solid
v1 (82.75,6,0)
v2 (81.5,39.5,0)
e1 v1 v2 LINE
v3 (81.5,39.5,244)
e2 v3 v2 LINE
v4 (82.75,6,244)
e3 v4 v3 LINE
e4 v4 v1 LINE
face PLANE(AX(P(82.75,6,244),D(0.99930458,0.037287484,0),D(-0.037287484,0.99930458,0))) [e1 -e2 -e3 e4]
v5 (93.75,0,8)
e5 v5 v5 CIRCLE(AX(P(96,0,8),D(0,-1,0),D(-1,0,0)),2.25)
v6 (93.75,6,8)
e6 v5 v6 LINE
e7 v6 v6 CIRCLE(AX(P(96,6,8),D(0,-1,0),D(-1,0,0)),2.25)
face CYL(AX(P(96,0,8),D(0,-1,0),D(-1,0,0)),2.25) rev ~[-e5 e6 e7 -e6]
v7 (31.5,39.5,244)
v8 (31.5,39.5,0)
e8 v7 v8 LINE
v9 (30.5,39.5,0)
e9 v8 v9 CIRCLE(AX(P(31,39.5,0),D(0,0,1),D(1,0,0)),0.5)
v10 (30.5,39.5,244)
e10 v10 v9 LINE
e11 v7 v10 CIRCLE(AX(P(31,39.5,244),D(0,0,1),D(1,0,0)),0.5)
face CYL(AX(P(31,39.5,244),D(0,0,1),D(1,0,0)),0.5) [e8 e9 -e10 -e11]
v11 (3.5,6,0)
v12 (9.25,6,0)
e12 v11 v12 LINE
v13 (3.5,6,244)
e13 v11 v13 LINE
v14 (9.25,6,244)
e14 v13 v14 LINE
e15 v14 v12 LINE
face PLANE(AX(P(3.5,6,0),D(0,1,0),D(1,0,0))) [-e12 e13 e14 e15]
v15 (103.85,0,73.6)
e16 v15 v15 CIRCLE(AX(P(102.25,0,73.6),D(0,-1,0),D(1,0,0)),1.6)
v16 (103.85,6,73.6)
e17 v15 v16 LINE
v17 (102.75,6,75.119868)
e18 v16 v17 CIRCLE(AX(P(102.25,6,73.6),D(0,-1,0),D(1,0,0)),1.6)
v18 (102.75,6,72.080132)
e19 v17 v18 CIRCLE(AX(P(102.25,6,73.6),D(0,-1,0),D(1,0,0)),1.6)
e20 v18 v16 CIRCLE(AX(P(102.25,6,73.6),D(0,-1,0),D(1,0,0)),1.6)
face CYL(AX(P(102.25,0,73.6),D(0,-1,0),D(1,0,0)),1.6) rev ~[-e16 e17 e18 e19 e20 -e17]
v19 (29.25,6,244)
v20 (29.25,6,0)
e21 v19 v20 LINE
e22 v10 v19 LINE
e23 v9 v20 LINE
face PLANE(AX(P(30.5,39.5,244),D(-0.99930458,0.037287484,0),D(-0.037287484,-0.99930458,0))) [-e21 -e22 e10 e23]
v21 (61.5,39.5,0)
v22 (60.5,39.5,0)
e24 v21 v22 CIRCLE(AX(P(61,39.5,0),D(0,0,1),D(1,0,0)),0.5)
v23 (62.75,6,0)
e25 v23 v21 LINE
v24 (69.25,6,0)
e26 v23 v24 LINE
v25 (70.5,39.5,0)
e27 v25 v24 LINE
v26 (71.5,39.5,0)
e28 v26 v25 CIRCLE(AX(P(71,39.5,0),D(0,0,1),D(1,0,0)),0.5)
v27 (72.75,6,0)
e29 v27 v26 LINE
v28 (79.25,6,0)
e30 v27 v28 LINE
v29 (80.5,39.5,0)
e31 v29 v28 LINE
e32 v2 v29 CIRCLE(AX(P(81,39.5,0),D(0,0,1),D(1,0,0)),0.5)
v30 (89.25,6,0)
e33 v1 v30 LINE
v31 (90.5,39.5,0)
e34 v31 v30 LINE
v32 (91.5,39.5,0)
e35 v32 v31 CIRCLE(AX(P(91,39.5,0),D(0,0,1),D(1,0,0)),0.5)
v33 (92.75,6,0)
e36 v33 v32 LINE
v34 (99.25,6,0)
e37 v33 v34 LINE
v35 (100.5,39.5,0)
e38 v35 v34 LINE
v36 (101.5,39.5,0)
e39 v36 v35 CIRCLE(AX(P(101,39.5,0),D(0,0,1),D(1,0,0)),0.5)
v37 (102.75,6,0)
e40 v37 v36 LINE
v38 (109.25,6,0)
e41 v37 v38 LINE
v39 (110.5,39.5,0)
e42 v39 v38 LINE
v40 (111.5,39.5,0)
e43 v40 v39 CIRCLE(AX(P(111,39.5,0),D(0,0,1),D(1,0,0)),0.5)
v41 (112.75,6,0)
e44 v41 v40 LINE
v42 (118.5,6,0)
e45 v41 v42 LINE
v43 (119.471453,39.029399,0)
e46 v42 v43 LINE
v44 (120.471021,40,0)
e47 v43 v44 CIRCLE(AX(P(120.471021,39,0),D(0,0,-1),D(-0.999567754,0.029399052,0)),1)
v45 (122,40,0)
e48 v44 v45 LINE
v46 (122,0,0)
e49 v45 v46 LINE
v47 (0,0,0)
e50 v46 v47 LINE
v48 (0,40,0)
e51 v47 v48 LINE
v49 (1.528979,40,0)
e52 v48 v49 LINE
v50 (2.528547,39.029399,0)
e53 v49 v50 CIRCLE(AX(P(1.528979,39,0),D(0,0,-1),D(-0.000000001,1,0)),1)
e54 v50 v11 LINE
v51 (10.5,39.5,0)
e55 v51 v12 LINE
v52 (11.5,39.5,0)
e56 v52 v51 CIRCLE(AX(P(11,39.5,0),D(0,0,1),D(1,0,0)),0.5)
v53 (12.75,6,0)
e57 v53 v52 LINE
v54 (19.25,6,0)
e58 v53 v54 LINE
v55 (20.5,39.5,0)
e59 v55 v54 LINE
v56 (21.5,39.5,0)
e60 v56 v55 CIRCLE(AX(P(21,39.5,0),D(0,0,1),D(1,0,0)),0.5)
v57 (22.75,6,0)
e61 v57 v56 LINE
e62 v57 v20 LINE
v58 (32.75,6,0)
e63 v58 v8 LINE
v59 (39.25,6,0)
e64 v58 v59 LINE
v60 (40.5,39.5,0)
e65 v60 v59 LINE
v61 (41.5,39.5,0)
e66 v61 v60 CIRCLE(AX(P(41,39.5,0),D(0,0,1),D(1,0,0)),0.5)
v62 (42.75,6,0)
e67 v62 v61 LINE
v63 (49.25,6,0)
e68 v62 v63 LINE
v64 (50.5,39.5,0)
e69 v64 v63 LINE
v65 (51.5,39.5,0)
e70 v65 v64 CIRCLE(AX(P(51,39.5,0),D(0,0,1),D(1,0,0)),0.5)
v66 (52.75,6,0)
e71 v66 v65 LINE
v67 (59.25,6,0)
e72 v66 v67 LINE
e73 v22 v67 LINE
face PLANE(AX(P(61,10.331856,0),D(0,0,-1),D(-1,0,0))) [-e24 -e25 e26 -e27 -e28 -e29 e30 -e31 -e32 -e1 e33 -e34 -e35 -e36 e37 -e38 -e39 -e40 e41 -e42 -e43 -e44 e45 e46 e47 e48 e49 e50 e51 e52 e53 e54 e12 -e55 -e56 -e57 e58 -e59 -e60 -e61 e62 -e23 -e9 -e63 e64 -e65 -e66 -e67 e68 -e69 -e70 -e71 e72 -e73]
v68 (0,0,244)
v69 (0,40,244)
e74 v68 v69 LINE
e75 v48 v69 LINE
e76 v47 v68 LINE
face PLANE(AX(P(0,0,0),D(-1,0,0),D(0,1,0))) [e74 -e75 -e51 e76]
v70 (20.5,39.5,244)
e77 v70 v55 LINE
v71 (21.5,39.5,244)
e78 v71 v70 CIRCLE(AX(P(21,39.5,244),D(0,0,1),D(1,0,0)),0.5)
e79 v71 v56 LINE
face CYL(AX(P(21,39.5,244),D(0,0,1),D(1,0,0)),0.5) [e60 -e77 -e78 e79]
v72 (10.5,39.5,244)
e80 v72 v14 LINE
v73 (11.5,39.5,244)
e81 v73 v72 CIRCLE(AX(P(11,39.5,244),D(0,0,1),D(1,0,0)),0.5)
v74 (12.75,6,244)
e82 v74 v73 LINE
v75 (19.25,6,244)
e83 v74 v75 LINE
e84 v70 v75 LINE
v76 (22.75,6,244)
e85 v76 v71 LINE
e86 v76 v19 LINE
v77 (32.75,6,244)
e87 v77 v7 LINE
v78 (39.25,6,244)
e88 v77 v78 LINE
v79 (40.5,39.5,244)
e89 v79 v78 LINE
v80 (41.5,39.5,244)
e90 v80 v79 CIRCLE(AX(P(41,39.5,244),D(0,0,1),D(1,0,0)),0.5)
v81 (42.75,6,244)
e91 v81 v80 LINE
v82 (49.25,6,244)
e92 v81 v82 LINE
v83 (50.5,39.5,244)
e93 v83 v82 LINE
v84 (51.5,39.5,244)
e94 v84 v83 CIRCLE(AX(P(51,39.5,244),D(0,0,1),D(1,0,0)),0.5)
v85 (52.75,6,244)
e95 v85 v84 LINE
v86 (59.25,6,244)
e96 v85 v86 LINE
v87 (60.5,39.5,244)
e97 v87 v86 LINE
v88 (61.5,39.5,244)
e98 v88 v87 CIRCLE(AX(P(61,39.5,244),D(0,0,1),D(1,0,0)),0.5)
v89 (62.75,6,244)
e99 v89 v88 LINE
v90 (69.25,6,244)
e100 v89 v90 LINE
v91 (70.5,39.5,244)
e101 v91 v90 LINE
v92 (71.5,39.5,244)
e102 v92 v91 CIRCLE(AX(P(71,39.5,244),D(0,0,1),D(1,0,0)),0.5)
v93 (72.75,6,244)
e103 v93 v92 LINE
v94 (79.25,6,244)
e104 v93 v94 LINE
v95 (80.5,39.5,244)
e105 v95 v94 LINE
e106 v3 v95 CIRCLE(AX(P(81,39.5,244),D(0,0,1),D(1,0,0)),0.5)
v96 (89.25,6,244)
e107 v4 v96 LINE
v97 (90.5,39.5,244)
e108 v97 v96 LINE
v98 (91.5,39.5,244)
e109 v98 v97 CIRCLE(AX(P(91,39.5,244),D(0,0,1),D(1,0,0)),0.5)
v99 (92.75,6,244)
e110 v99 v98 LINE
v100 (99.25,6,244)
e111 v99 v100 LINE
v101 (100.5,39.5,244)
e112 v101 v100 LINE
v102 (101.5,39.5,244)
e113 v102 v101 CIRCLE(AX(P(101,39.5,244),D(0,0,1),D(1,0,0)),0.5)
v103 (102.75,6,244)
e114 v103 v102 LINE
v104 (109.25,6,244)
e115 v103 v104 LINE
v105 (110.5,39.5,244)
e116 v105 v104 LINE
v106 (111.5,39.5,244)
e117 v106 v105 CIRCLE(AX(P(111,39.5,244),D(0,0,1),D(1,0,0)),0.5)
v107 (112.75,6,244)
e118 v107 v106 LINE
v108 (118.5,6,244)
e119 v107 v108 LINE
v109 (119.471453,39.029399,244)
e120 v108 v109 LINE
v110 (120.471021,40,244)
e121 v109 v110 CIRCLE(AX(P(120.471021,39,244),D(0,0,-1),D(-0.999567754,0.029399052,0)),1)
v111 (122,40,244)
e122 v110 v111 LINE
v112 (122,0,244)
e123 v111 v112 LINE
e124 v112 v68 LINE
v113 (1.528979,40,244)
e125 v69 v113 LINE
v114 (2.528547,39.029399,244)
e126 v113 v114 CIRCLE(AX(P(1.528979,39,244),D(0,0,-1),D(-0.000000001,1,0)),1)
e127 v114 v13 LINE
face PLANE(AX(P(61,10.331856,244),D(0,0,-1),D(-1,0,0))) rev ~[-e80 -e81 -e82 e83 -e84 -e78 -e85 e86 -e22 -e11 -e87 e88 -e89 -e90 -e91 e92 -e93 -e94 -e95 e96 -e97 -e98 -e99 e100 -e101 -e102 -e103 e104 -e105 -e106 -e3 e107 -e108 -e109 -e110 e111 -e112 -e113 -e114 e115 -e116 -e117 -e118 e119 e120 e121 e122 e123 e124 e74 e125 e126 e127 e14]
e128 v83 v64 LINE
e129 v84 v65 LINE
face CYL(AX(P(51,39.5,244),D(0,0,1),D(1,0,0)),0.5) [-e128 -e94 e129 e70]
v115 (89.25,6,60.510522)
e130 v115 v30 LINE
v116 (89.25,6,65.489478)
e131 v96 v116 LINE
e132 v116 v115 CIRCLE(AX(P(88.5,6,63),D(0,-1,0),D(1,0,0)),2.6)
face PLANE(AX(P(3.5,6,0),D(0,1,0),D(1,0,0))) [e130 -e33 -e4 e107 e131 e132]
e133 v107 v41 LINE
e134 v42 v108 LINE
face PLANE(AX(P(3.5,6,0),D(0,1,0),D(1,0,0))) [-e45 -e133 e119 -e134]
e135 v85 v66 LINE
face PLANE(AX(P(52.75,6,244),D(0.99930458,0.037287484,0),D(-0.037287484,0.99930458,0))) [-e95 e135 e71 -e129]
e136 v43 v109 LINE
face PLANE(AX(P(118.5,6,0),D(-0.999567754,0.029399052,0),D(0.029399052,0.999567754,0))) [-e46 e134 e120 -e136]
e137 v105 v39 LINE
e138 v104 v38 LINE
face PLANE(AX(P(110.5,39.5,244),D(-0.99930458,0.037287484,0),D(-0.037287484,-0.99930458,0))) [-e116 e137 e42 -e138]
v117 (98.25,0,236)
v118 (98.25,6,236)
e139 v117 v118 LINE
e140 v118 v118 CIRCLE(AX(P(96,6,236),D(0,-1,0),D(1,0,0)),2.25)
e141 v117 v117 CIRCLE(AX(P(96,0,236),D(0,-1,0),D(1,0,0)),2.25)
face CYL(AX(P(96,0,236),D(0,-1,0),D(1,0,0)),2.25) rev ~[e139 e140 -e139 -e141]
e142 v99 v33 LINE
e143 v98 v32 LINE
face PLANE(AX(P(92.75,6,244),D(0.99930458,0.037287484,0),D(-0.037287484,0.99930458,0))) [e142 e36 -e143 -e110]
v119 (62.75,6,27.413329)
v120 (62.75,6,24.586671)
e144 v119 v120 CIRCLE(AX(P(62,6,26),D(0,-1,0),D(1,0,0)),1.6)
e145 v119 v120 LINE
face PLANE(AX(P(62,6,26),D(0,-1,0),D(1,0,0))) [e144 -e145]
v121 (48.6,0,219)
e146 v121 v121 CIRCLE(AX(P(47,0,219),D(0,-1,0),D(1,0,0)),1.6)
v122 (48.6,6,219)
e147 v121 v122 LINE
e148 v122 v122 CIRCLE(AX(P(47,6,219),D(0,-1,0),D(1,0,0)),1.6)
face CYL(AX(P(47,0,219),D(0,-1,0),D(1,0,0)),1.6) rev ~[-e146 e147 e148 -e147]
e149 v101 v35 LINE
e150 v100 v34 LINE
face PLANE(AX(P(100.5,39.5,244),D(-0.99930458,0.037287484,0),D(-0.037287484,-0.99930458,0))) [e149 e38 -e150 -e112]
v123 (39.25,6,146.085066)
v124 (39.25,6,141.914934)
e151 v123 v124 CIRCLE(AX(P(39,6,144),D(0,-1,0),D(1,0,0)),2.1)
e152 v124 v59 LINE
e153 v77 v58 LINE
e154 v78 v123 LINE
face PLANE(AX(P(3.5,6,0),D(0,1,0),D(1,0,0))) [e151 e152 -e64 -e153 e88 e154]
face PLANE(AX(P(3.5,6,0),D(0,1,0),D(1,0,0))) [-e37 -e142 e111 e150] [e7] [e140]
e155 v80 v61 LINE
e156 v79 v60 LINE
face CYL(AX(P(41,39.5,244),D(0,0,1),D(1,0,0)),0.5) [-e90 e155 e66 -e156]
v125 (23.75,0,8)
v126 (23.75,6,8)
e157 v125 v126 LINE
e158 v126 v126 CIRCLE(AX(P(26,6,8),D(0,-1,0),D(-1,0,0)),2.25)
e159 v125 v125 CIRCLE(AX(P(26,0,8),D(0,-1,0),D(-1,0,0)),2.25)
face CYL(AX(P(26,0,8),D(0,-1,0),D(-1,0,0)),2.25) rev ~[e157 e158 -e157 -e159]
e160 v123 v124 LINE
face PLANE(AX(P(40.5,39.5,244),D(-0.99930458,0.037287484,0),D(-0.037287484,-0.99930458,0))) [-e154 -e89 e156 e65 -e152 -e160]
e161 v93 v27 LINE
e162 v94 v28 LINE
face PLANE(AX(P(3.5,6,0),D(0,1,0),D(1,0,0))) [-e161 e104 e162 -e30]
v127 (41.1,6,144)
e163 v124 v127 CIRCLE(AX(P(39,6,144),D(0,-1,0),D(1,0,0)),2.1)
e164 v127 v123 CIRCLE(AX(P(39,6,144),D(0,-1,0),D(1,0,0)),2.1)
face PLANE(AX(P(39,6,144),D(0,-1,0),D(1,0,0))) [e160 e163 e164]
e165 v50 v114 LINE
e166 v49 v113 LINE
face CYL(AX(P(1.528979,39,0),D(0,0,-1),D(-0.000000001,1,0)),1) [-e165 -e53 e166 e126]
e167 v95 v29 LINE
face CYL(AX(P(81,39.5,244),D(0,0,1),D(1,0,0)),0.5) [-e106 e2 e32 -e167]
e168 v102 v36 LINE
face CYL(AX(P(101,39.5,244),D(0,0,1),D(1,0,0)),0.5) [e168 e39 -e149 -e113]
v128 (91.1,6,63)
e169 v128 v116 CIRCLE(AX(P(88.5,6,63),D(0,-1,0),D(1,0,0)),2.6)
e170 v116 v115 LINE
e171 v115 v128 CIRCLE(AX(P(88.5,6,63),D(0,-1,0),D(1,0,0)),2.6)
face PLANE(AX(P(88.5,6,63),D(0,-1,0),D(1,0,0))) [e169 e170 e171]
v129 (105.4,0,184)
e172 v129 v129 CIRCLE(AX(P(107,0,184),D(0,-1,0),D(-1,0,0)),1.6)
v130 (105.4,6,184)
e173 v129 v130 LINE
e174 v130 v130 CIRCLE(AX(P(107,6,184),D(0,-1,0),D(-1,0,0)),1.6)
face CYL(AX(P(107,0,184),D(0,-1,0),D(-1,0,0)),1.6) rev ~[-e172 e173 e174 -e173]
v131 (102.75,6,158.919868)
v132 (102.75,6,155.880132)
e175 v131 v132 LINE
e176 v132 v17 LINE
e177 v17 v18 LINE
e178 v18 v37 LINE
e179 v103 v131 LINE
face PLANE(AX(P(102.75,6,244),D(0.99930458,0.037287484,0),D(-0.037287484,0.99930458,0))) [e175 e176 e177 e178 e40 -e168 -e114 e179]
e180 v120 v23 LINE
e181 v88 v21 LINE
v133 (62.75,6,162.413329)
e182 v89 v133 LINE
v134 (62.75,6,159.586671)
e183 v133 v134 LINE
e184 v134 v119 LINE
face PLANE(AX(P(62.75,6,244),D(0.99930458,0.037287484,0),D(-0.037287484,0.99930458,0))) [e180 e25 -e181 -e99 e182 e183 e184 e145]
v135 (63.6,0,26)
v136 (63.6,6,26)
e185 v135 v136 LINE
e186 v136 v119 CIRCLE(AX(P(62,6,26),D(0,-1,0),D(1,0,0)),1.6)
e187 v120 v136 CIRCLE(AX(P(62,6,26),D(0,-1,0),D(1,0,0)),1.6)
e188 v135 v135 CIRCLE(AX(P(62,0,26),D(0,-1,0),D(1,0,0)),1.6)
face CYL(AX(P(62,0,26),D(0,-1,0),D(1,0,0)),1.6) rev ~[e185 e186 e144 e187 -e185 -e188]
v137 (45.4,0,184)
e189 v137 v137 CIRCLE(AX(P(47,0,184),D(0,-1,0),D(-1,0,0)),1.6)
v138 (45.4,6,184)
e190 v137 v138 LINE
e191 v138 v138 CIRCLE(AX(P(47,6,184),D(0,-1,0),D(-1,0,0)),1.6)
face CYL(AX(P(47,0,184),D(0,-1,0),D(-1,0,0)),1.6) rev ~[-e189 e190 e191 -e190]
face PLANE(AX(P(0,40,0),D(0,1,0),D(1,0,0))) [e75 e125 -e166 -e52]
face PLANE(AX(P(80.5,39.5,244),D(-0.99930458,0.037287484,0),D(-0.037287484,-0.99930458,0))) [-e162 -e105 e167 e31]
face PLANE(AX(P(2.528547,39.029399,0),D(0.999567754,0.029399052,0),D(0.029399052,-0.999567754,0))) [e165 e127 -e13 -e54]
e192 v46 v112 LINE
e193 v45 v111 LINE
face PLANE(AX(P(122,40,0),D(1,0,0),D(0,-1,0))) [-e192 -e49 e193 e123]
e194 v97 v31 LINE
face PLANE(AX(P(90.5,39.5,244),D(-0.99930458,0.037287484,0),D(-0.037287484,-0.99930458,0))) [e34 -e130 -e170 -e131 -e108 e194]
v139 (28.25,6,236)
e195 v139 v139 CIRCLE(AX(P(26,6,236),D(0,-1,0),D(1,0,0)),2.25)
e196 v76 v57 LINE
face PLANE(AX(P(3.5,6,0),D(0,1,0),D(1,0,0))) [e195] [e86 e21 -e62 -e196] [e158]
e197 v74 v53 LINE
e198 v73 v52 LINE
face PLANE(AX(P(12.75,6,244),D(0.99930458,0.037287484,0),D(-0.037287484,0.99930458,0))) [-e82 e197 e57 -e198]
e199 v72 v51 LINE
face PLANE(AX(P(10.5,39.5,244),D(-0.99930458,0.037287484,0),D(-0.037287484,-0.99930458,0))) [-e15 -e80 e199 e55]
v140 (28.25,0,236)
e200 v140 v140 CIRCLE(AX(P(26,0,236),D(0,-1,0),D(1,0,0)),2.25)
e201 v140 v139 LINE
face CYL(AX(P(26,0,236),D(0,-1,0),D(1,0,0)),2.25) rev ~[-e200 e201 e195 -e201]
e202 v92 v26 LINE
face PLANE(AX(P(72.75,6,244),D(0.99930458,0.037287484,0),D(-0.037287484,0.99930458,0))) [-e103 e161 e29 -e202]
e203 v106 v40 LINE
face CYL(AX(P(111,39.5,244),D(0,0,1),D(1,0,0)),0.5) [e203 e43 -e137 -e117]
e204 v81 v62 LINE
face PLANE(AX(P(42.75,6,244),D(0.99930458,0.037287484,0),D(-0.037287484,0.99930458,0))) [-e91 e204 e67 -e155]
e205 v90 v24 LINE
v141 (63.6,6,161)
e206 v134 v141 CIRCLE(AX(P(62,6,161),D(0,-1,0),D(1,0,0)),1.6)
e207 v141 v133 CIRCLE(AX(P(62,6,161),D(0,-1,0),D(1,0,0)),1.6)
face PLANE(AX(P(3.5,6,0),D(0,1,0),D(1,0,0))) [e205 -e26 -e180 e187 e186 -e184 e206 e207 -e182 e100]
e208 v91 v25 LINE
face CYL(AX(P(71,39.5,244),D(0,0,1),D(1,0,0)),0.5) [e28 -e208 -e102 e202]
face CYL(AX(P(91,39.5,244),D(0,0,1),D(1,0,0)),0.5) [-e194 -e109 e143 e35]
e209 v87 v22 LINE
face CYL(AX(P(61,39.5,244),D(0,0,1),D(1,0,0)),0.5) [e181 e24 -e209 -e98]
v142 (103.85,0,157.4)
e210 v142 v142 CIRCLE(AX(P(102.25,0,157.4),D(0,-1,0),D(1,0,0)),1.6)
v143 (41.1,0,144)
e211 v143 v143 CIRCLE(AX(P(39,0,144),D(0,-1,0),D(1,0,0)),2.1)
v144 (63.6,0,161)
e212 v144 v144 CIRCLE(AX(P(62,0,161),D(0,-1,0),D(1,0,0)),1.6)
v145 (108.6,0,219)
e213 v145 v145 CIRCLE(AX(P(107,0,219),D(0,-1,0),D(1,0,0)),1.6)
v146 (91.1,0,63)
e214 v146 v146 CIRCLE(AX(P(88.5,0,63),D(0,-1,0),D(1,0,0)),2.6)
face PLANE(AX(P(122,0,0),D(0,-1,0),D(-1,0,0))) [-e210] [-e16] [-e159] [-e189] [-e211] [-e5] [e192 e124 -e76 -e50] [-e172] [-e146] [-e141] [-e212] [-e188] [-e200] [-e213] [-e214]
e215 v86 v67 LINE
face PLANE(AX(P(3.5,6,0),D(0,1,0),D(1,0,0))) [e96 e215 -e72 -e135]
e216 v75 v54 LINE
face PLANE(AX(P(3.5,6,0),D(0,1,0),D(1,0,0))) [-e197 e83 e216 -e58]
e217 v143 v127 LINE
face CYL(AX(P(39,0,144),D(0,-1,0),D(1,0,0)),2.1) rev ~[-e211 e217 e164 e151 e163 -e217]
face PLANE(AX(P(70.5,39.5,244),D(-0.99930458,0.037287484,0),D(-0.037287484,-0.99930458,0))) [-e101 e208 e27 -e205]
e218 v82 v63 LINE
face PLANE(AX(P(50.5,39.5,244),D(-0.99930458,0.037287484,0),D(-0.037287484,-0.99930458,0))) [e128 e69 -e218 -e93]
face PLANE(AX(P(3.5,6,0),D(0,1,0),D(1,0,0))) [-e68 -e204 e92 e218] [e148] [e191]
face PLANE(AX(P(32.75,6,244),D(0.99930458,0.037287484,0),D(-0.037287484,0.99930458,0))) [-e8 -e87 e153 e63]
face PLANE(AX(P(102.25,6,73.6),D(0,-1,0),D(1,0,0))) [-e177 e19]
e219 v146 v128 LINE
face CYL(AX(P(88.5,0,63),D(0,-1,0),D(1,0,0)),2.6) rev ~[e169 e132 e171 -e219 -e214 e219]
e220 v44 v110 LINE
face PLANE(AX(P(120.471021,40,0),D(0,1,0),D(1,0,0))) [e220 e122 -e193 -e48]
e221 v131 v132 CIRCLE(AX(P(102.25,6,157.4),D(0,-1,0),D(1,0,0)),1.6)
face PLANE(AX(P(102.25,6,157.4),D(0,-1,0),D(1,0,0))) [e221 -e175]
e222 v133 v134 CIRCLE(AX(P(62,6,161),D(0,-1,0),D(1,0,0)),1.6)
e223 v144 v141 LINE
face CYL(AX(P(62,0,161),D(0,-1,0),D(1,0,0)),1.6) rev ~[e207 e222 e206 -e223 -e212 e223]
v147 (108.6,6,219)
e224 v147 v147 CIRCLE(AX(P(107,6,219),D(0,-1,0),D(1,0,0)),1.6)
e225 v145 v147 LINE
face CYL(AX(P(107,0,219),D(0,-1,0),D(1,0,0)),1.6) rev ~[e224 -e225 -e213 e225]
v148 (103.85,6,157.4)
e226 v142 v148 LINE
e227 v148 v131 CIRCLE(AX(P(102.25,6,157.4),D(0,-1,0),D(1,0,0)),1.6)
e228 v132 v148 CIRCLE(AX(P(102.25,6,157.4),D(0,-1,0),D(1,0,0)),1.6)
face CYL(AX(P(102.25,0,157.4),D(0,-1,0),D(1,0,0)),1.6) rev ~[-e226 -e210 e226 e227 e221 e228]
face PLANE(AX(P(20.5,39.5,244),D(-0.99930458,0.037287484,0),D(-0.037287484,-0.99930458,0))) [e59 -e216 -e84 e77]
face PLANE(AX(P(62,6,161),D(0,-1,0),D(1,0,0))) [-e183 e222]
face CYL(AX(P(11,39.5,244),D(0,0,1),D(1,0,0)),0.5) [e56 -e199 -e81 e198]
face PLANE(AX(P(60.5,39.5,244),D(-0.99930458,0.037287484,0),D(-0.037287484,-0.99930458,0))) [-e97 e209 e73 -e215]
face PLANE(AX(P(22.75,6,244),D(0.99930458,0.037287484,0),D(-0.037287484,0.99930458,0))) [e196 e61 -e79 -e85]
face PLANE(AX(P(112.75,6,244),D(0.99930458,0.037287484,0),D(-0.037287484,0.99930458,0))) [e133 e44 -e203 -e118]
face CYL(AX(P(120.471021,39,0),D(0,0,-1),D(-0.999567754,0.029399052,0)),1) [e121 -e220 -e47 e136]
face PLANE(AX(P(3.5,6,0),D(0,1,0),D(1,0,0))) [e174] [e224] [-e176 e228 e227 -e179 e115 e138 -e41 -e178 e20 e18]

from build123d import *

# Parameters (mm, degrees)
EXTRUDE_1_DEPTH       = 244
EXTRUDE_3_DEPTH       = 244
PATTERN_CURVE_1_COUNT = 11
PATTERN_CURVE_1_PITCH = 10
SKETCH_3_R            = 2.25
CUT_EXTRUDE_1_DEPTH   = 6
SKETCH_4_R            = 2.6
SKETCH_4_R_2          = 1.6
CUT_EXTRUDE_2_DEPTH   = 6
SKETCH_5_R            = 2.1
SKETCH_5_R_2          = 1.6
CUT_EXTRUDE_3_DEPTH   = 6


with BuildPart() as part:
    # Эскиз1 → Вытянуть1 (new body)
    with BuildSketch(Plane.XY):
        with BuildLine():
            Line((0, 40), (1.528979332, 40))
            ThreePointArc((1.528979332, 40), (2.225614441, 39.717425624), (2.528547087, 39.029399052))
            Line((2.528547087, 39.029399052), (3.5, 6))
            Line((3.5, 6), (118.5, 6))
            Line((118.5, 6), (119.471452913, 39.029399052))
            ThreePointArc((119.471452913, 39.029399052), (119.774385559, 39.717425624), (120.471020668, 40))
            Line((120.471020668, 40), (122, 40))
            Line((122, 40), (122, 0))
            Line((122, 0), (0, 0))
            Line((0, 0), (0, 40))
        make_face()
    extrude(amount=EXTRUDE_1_DEPTH)

    # Эскиз2 → Вытянуть3 (add)
    with BuildSketch(Plane.XY.offset(244)):
        with BuildLine():
            Line((10.5, 39.5), (9.25, 6))
            Line((9.25, 6), (12.75, 6))
            Line((12.75, 6), (11.5, 39.5))
            ThreePointArc((11.5, 39.5), (11, 40), (10.5, 39.5))
        make_face()
    extrude_3 = extrude(amount=-EXTRUDE_3_DEPTH)

    # Кривая1: Вытянуть3 ×11
    with Locations(*[(i * PATTERN_CURVE_1_PITCH, 0, 0) for i in range(1, PATTERN_CURVE_1_COUNT)]):
        add(extrude_3)

    # Эскиз3 → Вырез-Вытянуть1 (cut)
    with BuildSketch(Plane.XZ):
        with Locations((26, 236)):
            Circle(SKETCH_3_R)
        with Locations((96, 236)):
            Circle(SKETCH_3_R)
        with Locations(Location((96, 8, 0), (0, 0, 180))):
            Circle(SKETCH_3_R)
        with Locations(Location((26, 8, 0), (0, 0, 180))):
            Circle(SKETCH_3_R)
    extrude(amount=-CUT_EXTRUDE_1_DEPTH, mode=Mode.SUBTRACT)

    # Эскиз4 → Вырез-Вытянуть2 (cut)
    with BuildSketch(Plane(origin=(-5.723570629, 0, -26.359021189), x_dir=(1, 0, 0), z_dir=(0, -1, 0))):
        with Locations((94.223570629, 89.359021189)):
            Circle(SKETCH_4_R)
        with Locations((67.723570629, 187.359021189)):
            Circle(SKETCH_4_R_2)
        with Locations((67.723570629, 52.359021189)):
            Circle(SKETCH_4_R_2)
        with Locations((107.973570629, 183.759021189)):
            Circle(SKETCH_4_R_2)
        with Locations((107.973570629, 99.959021189)):
            Circle(SKETCH_4_R_2)
    extrude(amount=-CUT_EXTRUDE_2_DEPTH, mode=Mode.SUBTRACT)

    # Эскиз5 → Вырез-Вытянуть3 (cut)
    with BuildSketch(Plane(origin=(128.324191418, 0, 423.775874855), x_dir=(-1, 0, 0), z_dir=(0, -1, 0))):
        with Locations(Location((89.324191418, 279.775874855, 0), (0, 0, 180))):
            Circle(SKETCH_5_R)
        with Locations((21.324191418, 239.775874855)):
            Circle(SKETCH_5_R_2)
        with Locations((81.324191418, 239.775874855)):
            Circle(SKETCH_5_R_2)
        with Locations(Location((81.324191418, 204.775874855, 0), (0, 0, 180))):
            Circle(SKETCH_5_R_2)
        with Locations(Location((21.324191418, 204.775874855, 0), (0, 0, 180))):
            Circle(SKETCH_5_R_2)
    extrude(amount=-CUT_EXTRUDE_3_DEPTH, mode=Mode.SUBTRACT)


solid = part.part
